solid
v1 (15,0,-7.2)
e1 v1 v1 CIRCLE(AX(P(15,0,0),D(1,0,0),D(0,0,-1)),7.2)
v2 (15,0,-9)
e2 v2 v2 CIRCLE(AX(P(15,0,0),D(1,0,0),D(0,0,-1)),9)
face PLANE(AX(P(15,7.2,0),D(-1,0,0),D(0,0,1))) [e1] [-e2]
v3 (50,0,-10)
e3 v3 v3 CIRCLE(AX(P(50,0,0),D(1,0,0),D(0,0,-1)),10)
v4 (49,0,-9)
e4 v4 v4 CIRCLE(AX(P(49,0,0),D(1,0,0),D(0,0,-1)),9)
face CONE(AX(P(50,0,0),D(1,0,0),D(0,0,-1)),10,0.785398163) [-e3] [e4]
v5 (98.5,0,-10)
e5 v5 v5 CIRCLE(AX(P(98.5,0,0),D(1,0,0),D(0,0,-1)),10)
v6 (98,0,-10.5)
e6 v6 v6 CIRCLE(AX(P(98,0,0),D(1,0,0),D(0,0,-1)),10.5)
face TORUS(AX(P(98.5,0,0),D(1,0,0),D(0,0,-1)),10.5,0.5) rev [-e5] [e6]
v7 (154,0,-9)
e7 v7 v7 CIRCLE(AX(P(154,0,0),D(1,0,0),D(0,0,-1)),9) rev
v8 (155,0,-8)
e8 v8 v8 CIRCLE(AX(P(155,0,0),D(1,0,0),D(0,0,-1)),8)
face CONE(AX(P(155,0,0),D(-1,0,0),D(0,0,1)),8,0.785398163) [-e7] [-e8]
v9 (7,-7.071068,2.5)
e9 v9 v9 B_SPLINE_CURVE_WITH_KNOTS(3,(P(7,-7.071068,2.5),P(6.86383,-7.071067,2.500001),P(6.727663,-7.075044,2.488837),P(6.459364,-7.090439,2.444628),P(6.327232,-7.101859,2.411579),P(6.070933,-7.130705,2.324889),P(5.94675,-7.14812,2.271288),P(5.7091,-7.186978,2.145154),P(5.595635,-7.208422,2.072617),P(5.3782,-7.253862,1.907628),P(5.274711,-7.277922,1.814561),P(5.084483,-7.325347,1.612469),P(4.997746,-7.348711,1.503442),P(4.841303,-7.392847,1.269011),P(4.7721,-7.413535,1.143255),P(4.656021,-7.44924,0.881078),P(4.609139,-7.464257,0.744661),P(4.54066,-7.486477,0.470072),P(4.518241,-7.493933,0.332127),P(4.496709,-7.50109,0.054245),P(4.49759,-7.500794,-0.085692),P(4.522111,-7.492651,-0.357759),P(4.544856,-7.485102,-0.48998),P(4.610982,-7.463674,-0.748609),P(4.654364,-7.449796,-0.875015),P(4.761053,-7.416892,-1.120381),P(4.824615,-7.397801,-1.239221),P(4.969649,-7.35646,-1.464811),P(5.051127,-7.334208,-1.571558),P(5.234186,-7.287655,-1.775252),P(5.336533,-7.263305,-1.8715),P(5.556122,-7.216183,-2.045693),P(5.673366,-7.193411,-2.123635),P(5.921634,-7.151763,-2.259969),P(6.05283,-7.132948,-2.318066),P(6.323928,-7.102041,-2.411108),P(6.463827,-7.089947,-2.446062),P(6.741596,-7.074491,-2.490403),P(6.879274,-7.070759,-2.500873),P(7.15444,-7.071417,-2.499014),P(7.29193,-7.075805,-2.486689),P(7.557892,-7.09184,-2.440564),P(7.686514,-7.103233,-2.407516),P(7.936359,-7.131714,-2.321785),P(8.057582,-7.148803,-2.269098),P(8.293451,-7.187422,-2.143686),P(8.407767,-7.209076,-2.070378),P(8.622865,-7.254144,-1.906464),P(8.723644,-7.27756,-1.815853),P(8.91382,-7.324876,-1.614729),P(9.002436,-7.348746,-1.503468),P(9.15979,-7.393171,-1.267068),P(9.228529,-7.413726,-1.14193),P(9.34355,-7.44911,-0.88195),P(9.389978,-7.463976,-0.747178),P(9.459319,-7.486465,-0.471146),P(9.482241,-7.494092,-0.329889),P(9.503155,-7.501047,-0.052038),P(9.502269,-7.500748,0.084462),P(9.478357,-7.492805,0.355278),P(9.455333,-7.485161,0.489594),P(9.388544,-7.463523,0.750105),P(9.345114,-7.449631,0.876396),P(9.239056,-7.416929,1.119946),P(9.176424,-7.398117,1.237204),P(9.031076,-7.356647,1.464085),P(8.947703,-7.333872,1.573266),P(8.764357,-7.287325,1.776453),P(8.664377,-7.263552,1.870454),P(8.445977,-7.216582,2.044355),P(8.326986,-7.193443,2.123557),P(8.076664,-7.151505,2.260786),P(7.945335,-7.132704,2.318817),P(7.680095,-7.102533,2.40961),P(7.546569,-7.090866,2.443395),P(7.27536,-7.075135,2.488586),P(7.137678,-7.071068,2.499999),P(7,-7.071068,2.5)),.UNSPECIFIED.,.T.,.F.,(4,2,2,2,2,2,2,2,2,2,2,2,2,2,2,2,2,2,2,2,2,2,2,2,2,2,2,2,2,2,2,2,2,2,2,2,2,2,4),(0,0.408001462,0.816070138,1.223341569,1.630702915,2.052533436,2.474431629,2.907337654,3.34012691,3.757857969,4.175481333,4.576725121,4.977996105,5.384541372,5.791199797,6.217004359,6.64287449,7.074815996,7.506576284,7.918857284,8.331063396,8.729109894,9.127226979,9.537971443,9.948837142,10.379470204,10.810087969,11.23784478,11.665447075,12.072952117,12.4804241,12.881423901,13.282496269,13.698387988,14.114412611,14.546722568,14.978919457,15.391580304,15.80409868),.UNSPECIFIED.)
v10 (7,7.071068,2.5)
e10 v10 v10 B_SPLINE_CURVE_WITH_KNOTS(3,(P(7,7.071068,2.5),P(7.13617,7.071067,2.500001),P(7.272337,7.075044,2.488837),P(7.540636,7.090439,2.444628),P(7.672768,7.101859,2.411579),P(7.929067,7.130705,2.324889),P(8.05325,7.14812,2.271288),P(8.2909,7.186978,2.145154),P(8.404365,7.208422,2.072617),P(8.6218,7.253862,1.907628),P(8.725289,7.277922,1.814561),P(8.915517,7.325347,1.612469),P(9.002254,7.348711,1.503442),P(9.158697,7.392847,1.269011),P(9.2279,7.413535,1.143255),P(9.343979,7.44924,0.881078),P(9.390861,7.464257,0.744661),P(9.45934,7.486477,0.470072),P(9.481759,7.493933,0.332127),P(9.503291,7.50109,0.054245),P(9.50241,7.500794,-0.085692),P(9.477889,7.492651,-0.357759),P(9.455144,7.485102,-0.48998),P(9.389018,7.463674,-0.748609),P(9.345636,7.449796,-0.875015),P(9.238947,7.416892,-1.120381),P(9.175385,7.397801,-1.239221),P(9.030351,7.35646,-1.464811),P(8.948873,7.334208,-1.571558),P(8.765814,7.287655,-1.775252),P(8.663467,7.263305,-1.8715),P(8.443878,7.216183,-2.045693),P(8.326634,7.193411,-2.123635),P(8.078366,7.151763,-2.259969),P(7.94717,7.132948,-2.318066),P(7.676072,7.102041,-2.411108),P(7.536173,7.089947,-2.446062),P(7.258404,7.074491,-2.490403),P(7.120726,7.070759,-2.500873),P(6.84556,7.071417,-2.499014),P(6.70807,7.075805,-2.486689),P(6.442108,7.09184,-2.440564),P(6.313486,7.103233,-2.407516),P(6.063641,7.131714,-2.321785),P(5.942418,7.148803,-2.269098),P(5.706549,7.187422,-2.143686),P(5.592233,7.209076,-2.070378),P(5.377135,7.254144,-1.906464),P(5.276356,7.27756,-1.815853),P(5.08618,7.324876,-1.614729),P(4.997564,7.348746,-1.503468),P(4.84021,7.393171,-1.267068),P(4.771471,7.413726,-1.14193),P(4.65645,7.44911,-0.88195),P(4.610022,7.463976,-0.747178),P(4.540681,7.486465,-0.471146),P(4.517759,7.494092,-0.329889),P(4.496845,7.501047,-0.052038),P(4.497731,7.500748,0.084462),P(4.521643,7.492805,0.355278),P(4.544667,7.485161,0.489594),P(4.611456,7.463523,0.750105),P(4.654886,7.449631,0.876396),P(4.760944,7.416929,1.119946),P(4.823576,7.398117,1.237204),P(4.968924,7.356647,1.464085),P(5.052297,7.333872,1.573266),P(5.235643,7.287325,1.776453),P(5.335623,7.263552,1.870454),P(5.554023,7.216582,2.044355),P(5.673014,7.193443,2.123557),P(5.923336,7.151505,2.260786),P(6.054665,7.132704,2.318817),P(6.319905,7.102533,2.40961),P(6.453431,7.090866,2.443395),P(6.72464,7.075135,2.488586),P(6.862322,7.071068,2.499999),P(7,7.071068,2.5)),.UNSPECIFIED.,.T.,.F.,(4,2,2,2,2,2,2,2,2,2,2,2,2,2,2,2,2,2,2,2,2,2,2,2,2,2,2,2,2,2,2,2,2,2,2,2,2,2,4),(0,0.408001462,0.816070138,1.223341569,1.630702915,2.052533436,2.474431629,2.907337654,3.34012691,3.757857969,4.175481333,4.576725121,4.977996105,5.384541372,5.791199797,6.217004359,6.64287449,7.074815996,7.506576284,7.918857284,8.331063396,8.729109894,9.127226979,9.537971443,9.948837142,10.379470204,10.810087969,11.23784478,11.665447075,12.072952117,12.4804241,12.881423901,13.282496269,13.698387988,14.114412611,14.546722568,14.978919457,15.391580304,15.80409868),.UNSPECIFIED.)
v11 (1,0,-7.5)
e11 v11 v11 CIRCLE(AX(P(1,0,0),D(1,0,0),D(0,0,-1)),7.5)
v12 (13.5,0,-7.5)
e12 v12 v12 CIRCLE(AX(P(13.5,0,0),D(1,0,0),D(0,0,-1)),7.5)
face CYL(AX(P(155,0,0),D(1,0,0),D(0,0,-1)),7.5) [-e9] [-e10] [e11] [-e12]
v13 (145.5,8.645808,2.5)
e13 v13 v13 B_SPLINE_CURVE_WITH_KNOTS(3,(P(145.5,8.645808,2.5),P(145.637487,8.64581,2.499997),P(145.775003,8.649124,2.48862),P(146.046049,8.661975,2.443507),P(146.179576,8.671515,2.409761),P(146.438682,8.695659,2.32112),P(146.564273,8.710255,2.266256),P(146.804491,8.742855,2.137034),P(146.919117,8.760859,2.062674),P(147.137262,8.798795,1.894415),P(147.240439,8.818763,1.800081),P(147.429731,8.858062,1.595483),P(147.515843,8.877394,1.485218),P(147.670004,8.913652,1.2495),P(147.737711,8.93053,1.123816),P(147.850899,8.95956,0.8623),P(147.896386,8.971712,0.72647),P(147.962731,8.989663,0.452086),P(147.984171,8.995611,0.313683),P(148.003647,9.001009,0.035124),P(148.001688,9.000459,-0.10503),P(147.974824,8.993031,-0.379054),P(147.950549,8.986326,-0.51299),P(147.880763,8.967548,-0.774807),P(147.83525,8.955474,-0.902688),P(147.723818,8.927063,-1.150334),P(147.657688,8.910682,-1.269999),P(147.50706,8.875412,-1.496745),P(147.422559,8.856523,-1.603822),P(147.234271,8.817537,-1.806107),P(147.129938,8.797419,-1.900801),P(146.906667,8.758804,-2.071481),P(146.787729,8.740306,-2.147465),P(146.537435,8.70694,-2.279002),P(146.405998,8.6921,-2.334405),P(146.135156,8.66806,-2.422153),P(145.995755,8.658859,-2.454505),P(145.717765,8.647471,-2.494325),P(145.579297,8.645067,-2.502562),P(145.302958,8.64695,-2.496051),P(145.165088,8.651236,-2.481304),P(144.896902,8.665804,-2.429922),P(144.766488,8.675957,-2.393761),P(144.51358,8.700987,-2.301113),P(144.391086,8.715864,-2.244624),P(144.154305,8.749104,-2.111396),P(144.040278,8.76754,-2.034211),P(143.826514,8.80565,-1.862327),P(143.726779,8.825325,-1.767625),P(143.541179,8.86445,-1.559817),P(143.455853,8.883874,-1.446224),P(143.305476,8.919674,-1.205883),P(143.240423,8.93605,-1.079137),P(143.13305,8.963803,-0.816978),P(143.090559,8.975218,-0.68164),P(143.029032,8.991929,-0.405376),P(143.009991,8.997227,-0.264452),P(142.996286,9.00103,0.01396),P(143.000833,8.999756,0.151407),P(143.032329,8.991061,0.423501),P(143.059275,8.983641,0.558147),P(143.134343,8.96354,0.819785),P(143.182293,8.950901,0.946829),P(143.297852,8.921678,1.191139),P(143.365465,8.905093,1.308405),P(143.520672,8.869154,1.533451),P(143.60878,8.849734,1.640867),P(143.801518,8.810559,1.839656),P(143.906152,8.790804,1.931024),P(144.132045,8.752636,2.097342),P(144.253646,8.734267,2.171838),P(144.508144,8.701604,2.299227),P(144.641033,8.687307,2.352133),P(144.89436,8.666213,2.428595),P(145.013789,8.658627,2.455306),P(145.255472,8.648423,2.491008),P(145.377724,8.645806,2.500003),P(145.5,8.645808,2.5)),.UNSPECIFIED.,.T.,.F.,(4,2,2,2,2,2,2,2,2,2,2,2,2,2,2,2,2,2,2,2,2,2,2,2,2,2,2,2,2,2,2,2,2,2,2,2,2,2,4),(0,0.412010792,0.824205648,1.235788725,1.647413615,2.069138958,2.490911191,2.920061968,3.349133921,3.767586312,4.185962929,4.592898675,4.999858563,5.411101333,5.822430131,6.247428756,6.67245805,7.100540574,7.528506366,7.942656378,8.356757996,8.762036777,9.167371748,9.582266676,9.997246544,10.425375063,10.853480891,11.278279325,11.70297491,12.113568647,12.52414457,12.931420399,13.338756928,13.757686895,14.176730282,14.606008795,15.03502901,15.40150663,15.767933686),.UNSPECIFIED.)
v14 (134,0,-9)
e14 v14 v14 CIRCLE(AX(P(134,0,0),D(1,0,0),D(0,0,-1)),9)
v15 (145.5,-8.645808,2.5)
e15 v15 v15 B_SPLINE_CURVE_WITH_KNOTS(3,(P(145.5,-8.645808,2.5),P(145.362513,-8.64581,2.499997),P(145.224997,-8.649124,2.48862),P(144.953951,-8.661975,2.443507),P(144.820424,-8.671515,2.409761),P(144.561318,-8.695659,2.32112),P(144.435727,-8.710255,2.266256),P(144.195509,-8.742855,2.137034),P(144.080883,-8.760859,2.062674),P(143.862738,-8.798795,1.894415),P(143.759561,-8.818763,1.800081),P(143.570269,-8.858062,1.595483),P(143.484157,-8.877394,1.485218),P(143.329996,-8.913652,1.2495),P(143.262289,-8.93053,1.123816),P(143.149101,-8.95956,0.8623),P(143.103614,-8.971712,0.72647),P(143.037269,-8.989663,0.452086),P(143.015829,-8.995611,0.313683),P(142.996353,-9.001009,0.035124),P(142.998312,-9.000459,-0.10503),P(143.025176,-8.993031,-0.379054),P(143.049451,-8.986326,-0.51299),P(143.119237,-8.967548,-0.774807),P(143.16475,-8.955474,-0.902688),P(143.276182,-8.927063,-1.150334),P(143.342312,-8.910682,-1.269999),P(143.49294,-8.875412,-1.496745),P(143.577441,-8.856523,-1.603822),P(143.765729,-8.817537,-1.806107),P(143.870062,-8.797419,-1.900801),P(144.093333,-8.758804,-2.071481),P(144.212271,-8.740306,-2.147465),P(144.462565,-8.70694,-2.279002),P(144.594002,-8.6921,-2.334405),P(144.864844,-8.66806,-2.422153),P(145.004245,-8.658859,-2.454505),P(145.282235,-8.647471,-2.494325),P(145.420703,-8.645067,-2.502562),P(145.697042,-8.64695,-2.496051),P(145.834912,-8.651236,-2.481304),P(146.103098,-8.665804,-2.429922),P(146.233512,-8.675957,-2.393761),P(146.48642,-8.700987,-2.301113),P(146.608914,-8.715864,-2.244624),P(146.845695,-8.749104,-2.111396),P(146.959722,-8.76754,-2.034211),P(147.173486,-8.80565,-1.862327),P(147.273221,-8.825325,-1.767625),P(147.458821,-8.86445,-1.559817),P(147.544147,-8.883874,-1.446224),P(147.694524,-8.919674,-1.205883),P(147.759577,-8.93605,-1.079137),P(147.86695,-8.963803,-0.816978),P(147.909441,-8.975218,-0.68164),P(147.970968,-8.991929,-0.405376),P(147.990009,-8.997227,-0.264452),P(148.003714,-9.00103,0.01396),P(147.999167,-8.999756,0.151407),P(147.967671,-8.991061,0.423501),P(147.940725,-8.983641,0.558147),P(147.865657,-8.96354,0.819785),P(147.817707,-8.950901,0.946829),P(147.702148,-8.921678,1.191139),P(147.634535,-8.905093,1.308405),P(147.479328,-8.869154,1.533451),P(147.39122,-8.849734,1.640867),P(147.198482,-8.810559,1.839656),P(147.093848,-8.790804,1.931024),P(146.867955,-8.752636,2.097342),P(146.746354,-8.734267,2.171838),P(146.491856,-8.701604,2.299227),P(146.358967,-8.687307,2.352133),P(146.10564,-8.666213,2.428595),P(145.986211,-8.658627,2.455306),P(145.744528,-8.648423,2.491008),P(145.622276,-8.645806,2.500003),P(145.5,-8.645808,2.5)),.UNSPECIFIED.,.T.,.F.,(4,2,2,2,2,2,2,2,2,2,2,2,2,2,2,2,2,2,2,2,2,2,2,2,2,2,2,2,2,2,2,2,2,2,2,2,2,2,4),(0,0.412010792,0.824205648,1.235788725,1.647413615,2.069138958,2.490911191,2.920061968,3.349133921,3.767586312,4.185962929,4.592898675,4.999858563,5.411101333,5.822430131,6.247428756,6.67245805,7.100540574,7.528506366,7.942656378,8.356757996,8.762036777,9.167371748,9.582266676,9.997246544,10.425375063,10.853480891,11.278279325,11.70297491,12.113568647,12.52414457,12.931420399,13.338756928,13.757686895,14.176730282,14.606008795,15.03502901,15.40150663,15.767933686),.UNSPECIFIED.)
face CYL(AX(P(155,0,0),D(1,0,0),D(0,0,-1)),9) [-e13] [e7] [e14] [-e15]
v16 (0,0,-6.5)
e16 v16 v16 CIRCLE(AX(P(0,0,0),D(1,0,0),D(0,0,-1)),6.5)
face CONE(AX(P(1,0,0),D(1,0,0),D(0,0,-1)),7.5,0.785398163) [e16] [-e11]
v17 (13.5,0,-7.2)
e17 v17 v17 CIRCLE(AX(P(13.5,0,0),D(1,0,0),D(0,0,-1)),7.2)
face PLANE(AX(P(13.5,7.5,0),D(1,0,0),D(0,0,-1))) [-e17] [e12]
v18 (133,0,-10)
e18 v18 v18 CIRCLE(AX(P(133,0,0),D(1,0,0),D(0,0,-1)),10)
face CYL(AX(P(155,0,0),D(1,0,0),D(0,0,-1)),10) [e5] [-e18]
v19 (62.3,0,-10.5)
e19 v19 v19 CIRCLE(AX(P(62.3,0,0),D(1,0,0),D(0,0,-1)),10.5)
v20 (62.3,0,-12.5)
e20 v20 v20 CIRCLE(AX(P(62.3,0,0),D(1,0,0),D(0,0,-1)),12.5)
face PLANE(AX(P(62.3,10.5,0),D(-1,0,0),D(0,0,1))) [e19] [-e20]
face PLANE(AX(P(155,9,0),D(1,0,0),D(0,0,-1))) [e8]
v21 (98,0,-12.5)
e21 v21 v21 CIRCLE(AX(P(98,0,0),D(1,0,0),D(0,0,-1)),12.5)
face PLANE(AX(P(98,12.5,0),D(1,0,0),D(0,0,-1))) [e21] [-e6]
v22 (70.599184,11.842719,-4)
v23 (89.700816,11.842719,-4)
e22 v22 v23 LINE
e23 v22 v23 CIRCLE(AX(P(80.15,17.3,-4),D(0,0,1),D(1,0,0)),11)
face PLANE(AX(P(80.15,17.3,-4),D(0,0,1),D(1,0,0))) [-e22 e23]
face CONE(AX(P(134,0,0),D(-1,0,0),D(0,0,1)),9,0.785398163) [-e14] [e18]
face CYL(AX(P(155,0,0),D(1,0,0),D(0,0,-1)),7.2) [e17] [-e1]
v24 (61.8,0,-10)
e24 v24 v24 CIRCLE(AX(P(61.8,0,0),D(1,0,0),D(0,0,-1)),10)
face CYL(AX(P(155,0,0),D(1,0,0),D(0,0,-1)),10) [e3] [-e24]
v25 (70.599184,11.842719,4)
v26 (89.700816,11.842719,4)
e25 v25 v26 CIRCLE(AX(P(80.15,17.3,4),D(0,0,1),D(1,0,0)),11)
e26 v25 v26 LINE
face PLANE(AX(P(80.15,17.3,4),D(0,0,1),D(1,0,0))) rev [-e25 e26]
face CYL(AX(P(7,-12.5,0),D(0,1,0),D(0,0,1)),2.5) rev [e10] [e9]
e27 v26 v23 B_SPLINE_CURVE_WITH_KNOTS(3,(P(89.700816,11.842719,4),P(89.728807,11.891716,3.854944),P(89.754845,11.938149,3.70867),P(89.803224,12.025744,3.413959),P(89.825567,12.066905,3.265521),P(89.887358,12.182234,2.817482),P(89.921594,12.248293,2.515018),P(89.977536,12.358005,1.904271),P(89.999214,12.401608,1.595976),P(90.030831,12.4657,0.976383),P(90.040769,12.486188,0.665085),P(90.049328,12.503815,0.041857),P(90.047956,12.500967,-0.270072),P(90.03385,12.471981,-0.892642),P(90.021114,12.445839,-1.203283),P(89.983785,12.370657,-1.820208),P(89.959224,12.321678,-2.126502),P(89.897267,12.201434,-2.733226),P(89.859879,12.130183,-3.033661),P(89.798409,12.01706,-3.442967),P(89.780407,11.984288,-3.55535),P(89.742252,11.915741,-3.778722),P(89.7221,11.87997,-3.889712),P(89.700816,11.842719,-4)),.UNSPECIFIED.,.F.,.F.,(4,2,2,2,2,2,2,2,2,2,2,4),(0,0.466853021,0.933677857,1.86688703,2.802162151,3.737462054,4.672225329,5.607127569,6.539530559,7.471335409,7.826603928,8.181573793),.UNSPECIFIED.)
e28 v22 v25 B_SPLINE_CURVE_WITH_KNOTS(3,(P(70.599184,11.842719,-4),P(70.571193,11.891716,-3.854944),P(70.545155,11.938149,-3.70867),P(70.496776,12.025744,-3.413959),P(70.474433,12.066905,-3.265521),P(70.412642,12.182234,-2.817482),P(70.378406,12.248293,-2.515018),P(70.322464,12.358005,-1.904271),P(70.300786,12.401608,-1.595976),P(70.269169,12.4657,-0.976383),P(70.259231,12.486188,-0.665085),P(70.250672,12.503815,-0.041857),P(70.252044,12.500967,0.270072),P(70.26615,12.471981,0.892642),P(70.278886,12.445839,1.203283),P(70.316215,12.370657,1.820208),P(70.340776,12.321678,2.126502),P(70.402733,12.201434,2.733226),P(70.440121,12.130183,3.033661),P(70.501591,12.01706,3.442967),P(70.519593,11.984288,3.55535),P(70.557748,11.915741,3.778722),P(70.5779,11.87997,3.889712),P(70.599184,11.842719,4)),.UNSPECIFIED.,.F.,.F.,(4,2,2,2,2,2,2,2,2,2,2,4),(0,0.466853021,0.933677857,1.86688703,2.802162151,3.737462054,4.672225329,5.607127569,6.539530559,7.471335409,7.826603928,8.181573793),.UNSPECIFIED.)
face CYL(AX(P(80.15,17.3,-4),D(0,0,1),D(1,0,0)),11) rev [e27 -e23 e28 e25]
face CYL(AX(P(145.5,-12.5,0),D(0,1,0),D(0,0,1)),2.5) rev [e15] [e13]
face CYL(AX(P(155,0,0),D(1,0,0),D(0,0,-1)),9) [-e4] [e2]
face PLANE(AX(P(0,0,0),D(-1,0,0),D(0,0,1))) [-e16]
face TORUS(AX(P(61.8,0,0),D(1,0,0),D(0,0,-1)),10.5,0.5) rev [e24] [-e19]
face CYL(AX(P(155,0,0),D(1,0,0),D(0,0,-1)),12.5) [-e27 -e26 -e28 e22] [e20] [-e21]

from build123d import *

# Parameters (mm, degrees)
CHAMFER1_SIZE           = 1
SKETCH2_R               = 11
CUT_EXTRUDE1_DEPTH      = 4
CUT_EXTRUDE2_DEPTH      = 157.004807634
CUT_EXTRUDE2_DEPTH_BACK = 157.004807634
SKETCH3_R               = 2.5


with BuildPart() as part:
    # Sketch1 → Revolve1 (revolve)
    with BuildSketch(Plane.XY, mode=Mode.PRIVATE) as revolve1_sk:
        with BuildLine():
            Line((0, 0), (0, 6.5))
            Line((0, 6.5), (1, 7.5))
            Line((1, 7.5), (13.5, 7.5))
            Line((13.5, 7.5), (13.5, 7.2))
            Line((13.5, 7.2), (15, 7.2))
            Line((15, 7.2), (15, 9))
            Line((15, 9), (49, 9))
            Line((49, 9), (50, 10))
            Line((50, 10), (61.8, 10))
            ThreePointArc((61.8, 10), (62.153553391, 10.146446609), (62.3, 10.5))
            Line((62.3, 10.5), (62.3, 12.5))
            Line((62.3, 12.5), (98, 12.5))
            Line((98, 12.5), (98, 10.5))
            ThreePointArc((98, 10.5), (98.146446609, 10.146446609), (98.5, 10))
            Line((98.5, 10), (133, 10))
            Line((133, 10), (134, 9))
            Line((134, 9), (155, 9))
            Line((155, 9), (155, 0))
            Line((155, 0), (0, 0))
        make_face()
    revolve(revolve1_sk.sketch.rotate(Axis((155, 0, 0), (-1, 0, 0)), 90), axis=Axis((155, 0, 0), (-1, 0, 0)))

    # Chamfer1
    chamfer1_edges = [part.edges().sort_by_distance(p)[0] for p in [
        (155, 0, 9),
    ]]
    chamfer(chamfer1_edges, length=CHAMFER1_SIZE)

    # Sketch2 → Cut-Extrude1 (cut, symmetric)
    with BuildSketch(Plane.XY):
        with Locations((80.15, 17.3)):
            Circle(SKETCH2_R)
    extrude(amount=CUT_EXTRUDE1_DEPTH, both=True, mode=Mode.SUBTRACT)

    # Sketch3 → Cut-Extrude2 (cut, two sides: drawn at the far end of the back side and taken through both)
    with BuildSketch(Plane(origin=(0, 0, 0), x_dir=(1, 0, 0), z_dir=(0, 1, 0)).offset(-CUT_EXTRUDE2_DEPTH_BACK)):
        with Locations(Location((7, 0, 0), (0, 0, 270))):
            Circle(SKETCH3_R)
        with Locations(Location((145.5, 0, 0), (0, 0, 270))):
            Circle(SKETCH3_R)
    extrude(amount=CUT_EXTRUDE2_DEPTH + CUT_EXTRUDE2_DEPTH_BACK, mode=Mode.SUBTRACT)


solid = part.part
